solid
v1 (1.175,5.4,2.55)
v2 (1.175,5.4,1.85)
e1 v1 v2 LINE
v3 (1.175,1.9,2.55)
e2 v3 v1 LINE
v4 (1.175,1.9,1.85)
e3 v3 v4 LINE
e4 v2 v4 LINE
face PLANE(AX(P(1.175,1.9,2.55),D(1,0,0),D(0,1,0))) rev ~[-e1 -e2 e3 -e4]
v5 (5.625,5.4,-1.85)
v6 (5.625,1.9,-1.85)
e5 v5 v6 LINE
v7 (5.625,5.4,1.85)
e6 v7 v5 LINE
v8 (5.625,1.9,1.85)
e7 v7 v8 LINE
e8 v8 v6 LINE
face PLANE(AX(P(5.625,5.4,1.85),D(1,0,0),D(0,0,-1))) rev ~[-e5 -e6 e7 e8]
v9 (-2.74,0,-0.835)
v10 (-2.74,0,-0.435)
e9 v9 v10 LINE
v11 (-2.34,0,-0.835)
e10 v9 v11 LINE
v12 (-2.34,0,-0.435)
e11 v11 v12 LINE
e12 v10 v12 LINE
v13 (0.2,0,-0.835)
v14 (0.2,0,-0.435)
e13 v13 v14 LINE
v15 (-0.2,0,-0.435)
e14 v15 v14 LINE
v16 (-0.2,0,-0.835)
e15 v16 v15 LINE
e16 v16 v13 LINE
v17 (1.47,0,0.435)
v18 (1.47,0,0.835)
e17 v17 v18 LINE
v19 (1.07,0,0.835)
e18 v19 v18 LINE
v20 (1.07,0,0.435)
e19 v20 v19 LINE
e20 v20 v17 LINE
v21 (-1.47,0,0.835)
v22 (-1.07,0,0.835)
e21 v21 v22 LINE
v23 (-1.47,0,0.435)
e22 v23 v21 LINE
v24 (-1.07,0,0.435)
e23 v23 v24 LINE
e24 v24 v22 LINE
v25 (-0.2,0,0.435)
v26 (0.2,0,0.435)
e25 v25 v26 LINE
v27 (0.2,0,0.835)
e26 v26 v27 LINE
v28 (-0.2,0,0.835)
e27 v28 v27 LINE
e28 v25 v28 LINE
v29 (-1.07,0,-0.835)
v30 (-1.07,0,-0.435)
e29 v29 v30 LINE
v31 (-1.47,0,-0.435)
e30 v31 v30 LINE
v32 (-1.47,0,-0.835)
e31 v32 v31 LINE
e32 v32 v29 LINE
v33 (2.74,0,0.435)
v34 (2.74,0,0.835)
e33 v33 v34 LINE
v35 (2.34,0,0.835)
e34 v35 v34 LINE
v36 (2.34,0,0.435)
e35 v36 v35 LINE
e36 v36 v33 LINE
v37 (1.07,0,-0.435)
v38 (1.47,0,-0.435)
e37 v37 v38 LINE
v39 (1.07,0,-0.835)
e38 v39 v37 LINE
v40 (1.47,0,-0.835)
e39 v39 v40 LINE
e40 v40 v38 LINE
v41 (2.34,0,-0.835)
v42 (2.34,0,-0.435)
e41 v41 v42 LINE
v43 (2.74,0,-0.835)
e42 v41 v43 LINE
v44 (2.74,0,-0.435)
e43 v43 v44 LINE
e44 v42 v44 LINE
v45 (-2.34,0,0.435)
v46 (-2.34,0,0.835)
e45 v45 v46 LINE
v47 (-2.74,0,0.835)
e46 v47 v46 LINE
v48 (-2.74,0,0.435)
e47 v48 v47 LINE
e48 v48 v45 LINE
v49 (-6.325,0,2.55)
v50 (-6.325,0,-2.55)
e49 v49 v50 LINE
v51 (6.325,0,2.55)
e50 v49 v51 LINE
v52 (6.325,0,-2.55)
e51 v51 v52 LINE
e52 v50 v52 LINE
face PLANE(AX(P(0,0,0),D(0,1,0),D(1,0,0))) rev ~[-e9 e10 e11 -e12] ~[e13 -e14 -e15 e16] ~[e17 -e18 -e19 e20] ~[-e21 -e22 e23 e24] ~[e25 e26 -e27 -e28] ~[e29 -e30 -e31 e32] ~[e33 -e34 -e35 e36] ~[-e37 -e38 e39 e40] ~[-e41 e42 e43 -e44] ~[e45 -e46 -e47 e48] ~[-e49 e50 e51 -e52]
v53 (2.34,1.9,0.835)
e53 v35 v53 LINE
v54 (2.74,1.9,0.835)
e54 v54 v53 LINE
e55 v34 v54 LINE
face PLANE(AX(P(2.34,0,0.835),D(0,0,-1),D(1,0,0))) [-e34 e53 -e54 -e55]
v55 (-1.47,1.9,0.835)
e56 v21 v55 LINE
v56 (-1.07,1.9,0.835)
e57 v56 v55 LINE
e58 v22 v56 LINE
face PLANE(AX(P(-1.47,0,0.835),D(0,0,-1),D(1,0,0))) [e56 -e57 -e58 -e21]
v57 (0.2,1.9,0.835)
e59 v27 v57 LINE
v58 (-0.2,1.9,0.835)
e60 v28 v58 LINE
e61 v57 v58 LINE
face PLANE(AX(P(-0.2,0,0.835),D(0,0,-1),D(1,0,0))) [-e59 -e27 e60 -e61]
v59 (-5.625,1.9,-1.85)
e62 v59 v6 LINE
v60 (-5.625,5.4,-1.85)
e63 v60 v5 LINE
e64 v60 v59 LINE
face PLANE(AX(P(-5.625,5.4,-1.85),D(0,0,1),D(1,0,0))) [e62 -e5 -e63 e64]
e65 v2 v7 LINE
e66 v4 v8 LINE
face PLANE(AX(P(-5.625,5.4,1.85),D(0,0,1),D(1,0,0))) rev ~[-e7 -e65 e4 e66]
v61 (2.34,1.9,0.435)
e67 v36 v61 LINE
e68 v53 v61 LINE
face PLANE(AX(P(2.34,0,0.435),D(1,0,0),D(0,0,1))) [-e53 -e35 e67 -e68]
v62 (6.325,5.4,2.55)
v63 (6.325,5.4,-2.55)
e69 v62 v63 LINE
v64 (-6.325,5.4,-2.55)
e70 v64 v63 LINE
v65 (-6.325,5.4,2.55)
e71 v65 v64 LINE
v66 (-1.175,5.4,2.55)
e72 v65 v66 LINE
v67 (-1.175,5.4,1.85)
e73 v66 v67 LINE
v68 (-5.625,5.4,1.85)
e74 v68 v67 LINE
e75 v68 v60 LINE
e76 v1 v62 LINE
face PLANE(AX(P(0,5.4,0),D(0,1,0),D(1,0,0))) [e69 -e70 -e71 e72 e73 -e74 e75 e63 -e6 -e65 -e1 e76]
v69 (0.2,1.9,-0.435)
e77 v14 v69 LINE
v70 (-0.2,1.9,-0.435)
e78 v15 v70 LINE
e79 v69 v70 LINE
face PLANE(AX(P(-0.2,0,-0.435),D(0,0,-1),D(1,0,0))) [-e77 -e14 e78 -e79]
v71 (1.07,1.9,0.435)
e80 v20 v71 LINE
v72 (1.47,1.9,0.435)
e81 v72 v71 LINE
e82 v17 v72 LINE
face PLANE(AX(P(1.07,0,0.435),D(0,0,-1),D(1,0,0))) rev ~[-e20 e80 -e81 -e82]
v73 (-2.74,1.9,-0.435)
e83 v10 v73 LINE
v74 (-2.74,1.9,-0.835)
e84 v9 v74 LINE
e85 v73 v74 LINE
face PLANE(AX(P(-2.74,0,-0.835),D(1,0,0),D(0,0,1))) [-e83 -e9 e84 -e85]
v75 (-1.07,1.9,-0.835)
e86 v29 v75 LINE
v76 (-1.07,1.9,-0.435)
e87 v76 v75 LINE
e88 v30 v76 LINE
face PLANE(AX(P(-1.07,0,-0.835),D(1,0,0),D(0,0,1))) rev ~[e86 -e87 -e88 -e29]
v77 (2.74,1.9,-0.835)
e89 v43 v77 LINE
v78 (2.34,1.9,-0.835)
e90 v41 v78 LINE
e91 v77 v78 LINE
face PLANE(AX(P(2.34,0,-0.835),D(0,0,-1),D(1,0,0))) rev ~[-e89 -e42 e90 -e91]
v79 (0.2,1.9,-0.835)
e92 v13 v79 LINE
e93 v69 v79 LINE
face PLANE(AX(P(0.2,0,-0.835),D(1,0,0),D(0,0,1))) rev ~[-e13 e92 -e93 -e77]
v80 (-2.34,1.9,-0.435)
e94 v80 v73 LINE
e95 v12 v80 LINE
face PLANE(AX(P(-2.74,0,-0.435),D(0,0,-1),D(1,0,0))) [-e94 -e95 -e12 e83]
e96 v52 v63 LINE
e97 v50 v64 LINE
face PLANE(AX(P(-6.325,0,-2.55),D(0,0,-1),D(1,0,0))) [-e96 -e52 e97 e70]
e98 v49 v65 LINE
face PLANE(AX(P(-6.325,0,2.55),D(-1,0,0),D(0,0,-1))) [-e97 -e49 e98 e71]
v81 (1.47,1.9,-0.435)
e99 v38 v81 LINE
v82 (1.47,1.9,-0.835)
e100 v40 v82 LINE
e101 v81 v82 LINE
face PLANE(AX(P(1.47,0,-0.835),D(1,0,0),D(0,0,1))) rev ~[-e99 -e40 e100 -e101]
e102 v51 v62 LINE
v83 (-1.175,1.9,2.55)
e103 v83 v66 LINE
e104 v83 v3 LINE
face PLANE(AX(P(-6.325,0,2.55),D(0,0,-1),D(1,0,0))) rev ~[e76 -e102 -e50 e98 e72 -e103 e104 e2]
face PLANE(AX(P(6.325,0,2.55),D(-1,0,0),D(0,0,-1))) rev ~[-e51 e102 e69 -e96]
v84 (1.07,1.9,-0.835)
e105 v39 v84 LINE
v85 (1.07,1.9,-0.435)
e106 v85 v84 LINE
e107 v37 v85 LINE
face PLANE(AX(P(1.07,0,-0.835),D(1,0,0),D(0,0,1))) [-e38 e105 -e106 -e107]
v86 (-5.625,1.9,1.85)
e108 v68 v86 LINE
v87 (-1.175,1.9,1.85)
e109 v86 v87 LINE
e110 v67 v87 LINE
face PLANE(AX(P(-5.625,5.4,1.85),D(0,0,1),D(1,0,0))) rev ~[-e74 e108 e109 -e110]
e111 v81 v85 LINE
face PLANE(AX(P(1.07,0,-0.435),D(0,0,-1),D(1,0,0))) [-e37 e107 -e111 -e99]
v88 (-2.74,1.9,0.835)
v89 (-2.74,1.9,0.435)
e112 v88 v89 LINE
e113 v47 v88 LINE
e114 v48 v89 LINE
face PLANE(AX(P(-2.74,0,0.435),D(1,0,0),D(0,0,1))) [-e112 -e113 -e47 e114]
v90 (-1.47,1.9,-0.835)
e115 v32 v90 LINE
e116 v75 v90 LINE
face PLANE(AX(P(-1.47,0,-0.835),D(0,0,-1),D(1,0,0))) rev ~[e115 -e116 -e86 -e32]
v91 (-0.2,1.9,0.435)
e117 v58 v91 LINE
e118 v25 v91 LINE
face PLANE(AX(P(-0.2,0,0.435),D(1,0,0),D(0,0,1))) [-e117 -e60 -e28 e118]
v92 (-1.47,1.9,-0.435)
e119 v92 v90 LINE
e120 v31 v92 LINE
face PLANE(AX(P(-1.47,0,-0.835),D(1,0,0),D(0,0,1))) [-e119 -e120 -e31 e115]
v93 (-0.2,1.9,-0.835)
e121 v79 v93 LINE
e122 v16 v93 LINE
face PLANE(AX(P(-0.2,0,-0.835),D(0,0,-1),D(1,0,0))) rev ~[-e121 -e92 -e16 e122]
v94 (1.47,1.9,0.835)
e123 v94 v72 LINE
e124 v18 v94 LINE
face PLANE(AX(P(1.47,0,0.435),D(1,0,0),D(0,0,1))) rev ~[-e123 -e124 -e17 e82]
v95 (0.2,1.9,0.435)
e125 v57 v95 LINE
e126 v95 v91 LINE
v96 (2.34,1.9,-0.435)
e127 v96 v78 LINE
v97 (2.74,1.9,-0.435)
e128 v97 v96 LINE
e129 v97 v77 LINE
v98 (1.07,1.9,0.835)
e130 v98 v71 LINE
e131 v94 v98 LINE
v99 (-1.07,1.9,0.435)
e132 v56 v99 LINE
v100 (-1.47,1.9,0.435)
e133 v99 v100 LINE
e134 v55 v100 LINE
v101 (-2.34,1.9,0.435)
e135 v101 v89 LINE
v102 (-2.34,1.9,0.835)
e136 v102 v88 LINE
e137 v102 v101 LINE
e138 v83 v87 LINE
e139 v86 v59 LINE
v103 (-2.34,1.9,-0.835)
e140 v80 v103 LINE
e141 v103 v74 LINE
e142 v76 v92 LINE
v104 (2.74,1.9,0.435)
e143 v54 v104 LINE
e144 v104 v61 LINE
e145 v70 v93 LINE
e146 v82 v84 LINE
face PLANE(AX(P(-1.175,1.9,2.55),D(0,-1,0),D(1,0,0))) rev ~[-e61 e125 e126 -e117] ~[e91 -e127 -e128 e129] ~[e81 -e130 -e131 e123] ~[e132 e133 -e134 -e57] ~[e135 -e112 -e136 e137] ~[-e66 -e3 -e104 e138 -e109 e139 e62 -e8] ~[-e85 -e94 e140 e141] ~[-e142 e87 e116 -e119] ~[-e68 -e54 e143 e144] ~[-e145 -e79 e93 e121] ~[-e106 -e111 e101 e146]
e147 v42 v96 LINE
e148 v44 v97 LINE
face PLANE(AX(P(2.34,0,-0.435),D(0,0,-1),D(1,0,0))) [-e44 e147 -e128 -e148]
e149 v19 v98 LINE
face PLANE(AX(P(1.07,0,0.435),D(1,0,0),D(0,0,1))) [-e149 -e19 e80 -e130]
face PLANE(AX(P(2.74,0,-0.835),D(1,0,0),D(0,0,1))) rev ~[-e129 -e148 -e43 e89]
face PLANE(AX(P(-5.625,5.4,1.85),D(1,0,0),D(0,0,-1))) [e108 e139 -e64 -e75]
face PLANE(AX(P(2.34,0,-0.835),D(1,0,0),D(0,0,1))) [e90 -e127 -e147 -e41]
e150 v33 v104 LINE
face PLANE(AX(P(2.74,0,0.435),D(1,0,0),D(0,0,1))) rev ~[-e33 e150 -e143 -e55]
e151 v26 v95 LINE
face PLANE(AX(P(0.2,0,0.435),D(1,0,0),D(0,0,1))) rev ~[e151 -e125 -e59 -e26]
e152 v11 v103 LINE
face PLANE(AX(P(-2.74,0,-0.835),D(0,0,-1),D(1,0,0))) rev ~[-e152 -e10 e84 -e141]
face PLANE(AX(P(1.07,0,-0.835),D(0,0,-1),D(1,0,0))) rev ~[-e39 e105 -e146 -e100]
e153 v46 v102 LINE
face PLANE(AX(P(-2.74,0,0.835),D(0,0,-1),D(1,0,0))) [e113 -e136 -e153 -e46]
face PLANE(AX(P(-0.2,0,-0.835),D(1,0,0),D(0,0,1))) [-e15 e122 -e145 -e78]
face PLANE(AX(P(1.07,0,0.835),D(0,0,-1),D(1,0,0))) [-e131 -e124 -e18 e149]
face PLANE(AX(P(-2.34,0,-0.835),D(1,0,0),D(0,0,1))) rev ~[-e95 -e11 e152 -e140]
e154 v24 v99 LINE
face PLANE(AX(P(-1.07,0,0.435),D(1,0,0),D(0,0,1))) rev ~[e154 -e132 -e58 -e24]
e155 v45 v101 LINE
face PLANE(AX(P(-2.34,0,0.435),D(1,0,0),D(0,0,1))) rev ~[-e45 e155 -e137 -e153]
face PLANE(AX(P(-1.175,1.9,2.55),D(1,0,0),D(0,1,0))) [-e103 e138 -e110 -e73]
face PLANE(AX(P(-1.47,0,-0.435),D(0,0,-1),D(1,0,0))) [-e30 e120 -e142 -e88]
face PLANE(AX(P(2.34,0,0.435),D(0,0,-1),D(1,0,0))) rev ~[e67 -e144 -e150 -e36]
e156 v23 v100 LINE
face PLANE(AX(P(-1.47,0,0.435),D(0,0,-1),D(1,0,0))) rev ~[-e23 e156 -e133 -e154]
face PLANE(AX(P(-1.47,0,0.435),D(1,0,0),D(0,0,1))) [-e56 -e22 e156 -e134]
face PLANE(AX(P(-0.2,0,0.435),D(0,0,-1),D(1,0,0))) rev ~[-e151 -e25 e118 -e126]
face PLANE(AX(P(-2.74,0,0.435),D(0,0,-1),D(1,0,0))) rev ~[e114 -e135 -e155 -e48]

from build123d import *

# Parameters (mm, degrees)
SKETCH1_W            = 12.65
SKETCH1_H            = 5.1
BOSS_EXTRUDE1_DEPTH  = 5.4
SKETCH2_W            = 11.25
SKETCH2_H            = 3.7
CUT_EXTRUDE1_DEPTH   = 3.5
CUT_EXTRUDE2_REACH   = 11.756
SKETCH3_W            = 2.35
SKETCH3_H            = 3.5
CUT_EXTRUDE5_REACH   = 10.699
SKETCH4_W            = 0.4
SKETCH4_H            = 0.4
LPATTERN1_COUNT      = 5
LPATTERN1_PITCH      = 1.27
LPATTERN1_COUNT_DIR2 = 2
LPATTERN1_PITCH_DIR2 = 1.27


with BuildPart() as part:
    # Sketch1 → Boss-Extrude1 (new body)
    with BuildSketch(Plane(origin=(0, 0, 0), x_dir=(1, 0, 0), z_dir=(0, 1, 0))):
        Rectangle(SKETCH1_W, SKETCH1_H)
    extrude(amount=BOSS_EXTRUDE1_DEPTH)

    # Sketch2 → Cut-Extrude1 (cut)
    with BuildSketch(Plane(origin=(0, 5.4, 0), x_dir=(1, 0, 0), z_dir=(0, 1, 0))):
        Rectangle(SKETCH2_W, SKETCH2_H)
    extrude(amount=-CUT_EXTRUDE1_DEPTH, mode=Mode.SUBTRACT)

    # Sketch3 → Cut-Extrude2 (cut, up to next)
    with BuildSketch(Plane.XY.offset(2.55), mode=Mode.PRIVATE) as cut_extrude2_sk1:
        with Locations((0, 3.65)):
            Rectangle(SKETCH3_W, SKETCH3_H)
    cut_extrude2_tool1 = extrude(cut_extrude2_sk1.sketch, amount=-CUT_EXTRUDE2_REACH, mode=Mode.PRIVATE) & part.part
    add(cut_extrude2_tool1.solids().sort_by_distance((0, 3.65, 2.55))[0], mode=Mode.SUBTRACT)

    # Sketch4 → Cut-Extrude5 (cut, up to next)
    with BuildSketch(Plane.XZ, mode=Mode.PRIVATE) as cut_extrude5_sk1:
        with Locations((-2.54, 0.635)):
            Rectangle(SKETCH4_W, SKETCH4_H)
    cut_extrude5_tool1 = extrude(cut_extrude5_sk1.sketch, amount=-CUT_EXTRUDE5_REACH, mode=Mode.PRIVATE) & part.part
    cut_extrude5 = cut_extrude5_tool1.solids().sort_by_distance((-2.54, 0, 0.635))[0]
    add(cut_extrude5, mode=Mode.SUBTRACT)

    # LPattern1: Cut-Extrude5 5 × 2
    with Locations(*[(i * LPATTERN1_PITCH, 0, -j * LPATTERN1_PITCH_DIR2) for i in range(LPATTERN1_COUNT) for j in range(LPATTERN1_COUNT_DIR2) if (i, j) != (0, 0)]):
        add(cut_extrude5, mode=Mode.SUBTRACT)


solid = part.part
